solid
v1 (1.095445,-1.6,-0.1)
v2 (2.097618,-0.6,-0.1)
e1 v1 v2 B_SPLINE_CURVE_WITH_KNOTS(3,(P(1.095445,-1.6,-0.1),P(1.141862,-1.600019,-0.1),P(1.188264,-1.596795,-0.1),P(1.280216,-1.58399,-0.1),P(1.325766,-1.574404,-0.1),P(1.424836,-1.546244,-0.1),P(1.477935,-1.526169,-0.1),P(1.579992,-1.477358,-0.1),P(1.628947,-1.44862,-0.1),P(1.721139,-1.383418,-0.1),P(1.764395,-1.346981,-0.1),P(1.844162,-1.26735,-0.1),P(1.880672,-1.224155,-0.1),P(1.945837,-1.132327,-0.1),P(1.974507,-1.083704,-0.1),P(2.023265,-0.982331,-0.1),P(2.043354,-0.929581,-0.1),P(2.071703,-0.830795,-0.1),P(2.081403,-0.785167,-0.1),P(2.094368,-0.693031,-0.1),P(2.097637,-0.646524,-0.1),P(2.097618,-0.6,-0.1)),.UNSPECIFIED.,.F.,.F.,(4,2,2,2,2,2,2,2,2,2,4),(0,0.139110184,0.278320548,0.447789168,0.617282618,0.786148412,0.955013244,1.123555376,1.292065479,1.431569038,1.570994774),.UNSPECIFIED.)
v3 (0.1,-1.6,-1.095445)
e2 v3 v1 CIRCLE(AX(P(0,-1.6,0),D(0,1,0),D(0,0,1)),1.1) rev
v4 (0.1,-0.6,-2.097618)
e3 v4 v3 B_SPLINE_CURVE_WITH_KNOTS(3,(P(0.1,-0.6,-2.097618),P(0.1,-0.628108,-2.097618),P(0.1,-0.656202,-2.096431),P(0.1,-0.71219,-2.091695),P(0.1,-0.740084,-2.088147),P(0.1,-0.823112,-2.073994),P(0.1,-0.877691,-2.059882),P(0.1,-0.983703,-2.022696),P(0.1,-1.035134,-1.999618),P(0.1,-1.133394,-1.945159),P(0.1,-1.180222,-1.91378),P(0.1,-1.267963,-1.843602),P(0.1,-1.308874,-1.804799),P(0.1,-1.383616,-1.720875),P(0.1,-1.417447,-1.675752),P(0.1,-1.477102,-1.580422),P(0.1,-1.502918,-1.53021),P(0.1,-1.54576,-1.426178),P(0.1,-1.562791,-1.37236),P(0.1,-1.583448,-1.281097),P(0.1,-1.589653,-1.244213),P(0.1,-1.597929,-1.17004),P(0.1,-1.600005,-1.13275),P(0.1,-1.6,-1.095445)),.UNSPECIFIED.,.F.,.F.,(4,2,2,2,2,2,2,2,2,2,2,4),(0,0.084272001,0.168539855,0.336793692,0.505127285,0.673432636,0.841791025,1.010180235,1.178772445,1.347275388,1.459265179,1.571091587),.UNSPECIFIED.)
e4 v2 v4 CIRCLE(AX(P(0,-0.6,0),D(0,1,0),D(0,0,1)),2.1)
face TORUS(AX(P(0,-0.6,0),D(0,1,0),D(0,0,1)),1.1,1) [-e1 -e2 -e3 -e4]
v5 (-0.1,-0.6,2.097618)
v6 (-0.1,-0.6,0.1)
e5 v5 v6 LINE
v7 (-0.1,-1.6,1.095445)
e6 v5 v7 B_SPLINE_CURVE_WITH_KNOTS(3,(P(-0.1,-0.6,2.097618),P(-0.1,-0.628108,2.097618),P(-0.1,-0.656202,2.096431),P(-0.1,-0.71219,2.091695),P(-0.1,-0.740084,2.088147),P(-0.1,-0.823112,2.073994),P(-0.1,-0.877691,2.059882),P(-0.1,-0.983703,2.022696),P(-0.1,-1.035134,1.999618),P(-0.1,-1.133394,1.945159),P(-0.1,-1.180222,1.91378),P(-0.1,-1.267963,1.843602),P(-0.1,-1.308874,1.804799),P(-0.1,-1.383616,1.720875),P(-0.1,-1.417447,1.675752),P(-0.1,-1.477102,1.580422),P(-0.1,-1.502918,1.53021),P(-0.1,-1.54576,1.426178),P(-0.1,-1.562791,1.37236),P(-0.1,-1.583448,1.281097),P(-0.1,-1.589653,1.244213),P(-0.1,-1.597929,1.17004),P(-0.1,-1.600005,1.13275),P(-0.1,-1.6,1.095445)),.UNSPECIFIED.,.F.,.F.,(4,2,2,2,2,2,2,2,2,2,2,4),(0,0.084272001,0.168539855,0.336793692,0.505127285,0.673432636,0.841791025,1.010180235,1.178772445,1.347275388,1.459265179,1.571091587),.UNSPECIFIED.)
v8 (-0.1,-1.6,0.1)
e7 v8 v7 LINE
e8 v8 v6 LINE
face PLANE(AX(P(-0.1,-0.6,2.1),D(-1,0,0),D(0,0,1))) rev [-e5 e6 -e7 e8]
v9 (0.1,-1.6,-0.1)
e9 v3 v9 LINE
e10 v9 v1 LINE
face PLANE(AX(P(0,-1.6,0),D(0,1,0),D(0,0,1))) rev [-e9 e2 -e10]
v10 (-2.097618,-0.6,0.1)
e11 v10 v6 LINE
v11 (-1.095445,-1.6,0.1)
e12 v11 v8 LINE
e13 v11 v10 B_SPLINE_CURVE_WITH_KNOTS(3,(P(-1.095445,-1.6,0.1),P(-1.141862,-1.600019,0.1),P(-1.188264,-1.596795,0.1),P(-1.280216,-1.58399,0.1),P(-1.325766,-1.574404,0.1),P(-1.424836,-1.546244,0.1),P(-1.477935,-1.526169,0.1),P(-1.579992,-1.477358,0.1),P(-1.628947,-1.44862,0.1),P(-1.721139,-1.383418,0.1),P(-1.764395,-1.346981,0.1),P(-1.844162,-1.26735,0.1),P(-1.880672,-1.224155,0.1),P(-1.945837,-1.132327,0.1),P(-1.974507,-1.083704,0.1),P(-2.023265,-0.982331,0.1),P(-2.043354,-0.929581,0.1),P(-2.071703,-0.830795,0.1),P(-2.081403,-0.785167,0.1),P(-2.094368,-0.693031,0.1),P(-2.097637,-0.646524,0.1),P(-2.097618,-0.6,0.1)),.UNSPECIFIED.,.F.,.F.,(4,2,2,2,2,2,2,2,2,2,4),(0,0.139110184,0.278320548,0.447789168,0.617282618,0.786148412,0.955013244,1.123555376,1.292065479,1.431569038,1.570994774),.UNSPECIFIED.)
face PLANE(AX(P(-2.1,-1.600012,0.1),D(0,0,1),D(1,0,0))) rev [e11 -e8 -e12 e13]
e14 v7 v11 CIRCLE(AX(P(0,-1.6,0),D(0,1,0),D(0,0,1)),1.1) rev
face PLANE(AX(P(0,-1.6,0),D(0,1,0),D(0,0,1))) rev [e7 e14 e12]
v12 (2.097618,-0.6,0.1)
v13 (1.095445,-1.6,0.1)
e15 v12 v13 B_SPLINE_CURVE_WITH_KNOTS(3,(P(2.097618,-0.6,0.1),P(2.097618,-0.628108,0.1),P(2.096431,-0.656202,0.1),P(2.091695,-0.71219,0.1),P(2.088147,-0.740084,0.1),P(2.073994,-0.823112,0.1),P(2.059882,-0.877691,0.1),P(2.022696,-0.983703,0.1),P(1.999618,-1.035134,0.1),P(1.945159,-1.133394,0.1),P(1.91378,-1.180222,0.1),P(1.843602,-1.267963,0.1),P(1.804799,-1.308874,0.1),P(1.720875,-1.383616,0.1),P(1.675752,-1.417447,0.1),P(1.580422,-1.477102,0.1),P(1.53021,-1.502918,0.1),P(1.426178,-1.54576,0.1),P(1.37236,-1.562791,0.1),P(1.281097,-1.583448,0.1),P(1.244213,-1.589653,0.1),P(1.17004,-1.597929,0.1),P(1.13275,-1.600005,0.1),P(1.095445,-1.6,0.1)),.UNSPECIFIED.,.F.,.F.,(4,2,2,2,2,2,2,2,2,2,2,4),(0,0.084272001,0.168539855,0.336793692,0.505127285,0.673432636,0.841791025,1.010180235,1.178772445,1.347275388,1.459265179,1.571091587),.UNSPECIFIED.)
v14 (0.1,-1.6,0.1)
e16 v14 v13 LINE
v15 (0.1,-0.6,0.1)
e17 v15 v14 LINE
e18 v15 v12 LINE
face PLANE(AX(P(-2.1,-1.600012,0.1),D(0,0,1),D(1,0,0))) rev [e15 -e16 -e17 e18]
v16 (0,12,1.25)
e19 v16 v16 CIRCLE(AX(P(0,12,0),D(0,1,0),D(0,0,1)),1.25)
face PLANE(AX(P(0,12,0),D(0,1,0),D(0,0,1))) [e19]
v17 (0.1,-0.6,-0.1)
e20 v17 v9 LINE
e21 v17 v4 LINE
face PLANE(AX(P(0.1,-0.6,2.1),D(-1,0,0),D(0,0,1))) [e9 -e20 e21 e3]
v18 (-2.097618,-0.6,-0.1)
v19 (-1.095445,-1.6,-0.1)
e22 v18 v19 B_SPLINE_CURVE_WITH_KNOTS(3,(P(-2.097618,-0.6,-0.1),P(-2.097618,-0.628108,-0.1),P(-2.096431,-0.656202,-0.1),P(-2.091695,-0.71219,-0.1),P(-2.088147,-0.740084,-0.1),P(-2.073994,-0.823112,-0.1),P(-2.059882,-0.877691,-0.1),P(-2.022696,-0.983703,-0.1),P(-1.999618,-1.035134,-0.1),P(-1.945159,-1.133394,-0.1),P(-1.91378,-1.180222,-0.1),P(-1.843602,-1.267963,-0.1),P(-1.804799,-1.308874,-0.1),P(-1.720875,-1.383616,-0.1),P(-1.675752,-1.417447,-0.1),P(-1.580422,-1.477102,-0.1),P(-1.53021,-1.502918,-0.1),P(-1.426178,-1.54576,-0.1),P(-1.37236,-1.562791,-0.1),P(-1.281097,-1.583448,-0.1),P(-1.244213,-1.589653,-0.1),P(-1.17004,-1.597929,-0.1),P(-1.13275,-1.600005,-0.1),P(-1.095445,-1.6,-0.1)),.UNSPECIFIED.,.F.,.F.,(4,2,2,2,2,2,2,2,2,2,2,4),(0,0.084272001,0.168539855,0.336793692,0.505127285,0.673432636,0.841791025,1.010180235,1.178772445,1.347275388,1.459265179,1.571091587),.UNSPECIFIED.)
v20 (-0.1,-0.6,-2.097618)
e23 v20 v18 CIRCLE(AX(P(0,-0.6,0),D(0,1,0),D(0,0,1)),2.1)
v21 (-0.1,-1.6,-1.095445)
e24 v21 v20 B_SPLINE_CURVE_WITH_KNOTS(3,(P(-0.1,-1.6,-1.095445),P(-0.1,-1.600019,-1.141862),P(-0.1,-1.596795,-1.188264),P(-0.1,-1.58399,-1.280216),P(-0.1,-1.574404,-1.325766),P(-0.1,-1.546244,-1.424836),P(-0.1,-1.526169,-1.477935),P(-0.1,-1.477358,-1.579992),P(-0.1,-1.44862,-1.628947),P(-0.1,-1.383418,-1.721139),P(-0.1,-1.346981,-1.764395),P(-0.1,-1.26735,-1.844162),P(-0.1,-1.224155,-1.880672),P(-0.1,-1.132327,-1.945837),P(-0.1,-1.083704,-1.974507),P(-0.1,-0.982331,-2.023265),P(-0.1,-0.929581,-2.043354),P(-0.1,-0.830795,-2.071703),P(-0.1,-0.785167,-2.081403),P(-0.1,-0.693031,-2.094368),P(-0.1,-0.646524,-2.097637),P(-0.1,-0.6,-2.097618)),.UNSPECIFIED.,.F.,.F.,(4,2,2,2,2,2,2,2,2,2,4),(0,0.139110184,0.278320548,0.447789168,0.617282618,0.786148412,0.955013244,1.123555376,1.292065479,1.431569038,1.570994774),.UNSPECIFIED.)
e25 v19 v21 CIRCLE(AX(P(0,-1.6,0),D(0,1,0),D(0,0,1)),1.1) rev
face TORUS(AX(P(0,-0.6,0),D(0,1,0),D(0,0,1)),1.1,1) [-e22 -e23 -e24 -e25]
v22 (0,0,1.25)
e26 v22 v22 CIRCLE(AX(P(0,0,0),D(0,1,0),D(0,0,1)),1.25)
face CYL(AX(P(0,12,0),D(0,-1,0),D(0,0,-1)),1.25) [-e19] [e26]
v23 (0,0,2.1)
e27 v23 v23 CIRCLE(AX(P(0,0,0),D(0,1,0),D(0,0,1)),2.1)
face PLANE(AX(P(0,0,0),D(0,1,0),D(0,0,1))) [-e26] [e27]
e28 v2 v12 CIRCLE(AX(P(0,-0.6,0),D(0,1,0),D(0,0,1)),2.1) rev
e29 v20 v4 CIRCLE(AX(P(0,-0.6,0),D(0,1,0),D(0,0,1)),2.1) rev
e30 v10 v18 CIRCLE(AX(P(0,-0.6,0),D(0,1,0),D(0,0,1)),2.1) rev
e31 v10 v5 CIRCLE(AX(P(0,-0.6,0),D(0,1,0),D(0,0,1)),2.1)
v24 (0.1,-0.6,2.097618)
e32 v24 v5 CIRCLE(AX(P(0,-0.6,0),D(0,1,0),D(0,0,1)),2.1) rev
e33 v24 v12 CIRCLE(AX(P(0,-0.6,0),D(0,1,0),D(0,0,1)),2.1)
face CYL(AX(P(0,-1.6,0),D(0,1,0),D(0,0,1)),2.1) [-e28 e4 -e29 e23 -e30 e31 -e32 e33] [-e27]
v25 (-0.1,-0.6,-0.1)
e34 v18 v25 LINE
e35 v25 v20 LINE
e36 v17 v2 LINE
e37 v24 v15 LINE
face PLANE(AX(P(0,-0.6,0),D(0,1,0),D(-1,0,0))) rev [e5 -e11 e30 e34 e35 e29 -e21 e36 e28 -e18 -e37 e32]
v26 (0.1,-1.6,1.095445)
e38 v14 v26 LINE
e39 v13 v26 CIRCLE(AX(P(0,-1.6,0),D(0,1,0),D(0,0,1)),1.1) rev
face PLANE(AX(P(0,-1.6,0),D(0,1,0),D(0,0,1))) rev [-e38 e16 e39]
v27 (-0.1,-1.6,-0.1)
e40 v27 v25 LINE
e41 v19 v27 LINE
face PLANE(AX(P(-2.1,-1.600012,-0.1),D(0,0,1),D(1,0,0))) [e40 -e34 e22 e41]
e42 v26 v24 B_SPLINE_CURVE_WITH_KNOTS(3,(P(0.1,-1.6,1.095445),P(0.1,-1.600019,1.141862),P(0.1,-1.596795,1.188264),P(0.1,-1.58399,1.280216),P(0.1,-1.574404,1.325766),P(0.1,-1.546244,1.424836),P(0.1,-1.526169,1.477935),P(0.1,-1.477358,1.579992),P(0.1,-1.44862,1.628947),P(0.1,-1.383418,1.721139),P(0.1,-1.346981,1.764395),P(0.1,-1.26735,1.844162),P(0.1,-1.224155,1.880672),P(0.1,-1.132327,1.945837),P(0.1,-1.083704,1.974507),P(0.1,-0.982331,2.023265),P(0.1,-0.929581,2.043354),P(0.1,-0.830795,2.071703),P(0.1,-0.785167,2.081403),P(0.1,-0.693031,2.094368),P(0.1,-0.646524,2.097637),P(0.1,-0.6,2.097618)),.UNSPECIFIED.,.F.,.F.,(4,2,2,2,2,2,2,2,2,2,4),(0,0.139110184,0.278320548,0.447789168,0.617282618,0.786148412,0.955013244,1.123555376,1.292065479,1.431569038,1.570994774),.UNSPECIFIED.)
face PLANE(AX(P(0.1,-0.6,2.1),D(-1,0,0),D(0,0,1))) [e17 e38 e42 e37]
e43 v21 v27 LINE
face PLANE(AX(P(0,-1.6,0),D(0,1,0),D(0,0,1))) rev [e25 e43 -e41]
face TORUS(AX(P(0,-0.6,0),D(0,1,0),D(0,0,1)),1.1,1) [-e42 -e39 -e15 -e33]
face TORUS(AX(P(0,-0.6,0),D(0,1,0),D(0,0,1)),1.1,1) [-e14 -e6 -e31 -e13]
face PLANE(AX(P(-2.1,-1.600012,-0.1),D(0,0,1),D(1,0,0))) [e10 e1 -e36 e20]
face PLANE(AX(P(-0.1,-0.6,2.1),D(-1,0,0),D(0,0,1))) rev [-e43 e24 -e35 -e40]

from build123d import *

# Parameters (mm, degrees)
SKETCH_1_R               = 2.1
EXTRUDE_1_DEPTH          = 1.6
SKETCH_2_R               = 1.25
EXTRUDE_2_DEPTH          = 12
CUT_EXTRUDE_1_DEPTH      = 14.920488497
CUT_EXTRUDE_1_DEPTH_BACK = 1
SKETCH_4_W               = 4.2
SKETCH_4_H               = 0.2
SKETCH_4_W_2             = 0.2
SKETCH_4_H_2             = 4.2
FILLET_1_R               = 1


with BuildPart() as part:
    # 草图1 → 凸台-拉伸1 (new body)
    with BuildSketch(Plane(origin=(0, 0, 0), x_dir=(1, 0, 0), z_dir=(0, 1, 0))):
        Circle(SKETCH_1_R)
    extrude(amount=-EXTRUDE_1_DEPTH)

    # 草图2 → 凸台-拉伸2 (add)
    with BuildSketch(Plane(origin=(0, 0, 0), x_dir=(1, 0, 0), z_dir=(0, 1, 0))):
        Circle(SKETCH_2_R)
    extrude(amount=EXTRUDE_2_DEPTH)

    # 草图4 → 切除-拉伸-薄壁1 (cut, two sides: drawn at the far end of the back side and taken through both)
    with BuildSketch(Plane.XZ.offset(1.6).offset(-CUT_EXTRUDE_1_DEPTH_BACK)):
        Rectangle(SKETCH_4_W, SKETCH_4_H)
        Rectangle(SKETCH_4_W_2, SKETCH_4_H_2)
    extrude(amount=CUT_EXTRUDE_1_DEPTH + CUT_EXTRUDE_1_DEPTH_BACK, mode=Mode.SUBTRACT)

    # 圆角1
    fillet_1_edges = [part.edges().sort_by_distance(p)[0] for p in [
        (1.48492424, -1.6, 1.48492424),
        (-1.48492424, -1.6, 1.48492424),
        (-1.48492424, -1.6, -1.48492424),
        (1.48492424, -1.6, -1.48492424),
    ]]
    fillet(fillet_1_edges, radius=FILLET_1_R)


solid = part.part
